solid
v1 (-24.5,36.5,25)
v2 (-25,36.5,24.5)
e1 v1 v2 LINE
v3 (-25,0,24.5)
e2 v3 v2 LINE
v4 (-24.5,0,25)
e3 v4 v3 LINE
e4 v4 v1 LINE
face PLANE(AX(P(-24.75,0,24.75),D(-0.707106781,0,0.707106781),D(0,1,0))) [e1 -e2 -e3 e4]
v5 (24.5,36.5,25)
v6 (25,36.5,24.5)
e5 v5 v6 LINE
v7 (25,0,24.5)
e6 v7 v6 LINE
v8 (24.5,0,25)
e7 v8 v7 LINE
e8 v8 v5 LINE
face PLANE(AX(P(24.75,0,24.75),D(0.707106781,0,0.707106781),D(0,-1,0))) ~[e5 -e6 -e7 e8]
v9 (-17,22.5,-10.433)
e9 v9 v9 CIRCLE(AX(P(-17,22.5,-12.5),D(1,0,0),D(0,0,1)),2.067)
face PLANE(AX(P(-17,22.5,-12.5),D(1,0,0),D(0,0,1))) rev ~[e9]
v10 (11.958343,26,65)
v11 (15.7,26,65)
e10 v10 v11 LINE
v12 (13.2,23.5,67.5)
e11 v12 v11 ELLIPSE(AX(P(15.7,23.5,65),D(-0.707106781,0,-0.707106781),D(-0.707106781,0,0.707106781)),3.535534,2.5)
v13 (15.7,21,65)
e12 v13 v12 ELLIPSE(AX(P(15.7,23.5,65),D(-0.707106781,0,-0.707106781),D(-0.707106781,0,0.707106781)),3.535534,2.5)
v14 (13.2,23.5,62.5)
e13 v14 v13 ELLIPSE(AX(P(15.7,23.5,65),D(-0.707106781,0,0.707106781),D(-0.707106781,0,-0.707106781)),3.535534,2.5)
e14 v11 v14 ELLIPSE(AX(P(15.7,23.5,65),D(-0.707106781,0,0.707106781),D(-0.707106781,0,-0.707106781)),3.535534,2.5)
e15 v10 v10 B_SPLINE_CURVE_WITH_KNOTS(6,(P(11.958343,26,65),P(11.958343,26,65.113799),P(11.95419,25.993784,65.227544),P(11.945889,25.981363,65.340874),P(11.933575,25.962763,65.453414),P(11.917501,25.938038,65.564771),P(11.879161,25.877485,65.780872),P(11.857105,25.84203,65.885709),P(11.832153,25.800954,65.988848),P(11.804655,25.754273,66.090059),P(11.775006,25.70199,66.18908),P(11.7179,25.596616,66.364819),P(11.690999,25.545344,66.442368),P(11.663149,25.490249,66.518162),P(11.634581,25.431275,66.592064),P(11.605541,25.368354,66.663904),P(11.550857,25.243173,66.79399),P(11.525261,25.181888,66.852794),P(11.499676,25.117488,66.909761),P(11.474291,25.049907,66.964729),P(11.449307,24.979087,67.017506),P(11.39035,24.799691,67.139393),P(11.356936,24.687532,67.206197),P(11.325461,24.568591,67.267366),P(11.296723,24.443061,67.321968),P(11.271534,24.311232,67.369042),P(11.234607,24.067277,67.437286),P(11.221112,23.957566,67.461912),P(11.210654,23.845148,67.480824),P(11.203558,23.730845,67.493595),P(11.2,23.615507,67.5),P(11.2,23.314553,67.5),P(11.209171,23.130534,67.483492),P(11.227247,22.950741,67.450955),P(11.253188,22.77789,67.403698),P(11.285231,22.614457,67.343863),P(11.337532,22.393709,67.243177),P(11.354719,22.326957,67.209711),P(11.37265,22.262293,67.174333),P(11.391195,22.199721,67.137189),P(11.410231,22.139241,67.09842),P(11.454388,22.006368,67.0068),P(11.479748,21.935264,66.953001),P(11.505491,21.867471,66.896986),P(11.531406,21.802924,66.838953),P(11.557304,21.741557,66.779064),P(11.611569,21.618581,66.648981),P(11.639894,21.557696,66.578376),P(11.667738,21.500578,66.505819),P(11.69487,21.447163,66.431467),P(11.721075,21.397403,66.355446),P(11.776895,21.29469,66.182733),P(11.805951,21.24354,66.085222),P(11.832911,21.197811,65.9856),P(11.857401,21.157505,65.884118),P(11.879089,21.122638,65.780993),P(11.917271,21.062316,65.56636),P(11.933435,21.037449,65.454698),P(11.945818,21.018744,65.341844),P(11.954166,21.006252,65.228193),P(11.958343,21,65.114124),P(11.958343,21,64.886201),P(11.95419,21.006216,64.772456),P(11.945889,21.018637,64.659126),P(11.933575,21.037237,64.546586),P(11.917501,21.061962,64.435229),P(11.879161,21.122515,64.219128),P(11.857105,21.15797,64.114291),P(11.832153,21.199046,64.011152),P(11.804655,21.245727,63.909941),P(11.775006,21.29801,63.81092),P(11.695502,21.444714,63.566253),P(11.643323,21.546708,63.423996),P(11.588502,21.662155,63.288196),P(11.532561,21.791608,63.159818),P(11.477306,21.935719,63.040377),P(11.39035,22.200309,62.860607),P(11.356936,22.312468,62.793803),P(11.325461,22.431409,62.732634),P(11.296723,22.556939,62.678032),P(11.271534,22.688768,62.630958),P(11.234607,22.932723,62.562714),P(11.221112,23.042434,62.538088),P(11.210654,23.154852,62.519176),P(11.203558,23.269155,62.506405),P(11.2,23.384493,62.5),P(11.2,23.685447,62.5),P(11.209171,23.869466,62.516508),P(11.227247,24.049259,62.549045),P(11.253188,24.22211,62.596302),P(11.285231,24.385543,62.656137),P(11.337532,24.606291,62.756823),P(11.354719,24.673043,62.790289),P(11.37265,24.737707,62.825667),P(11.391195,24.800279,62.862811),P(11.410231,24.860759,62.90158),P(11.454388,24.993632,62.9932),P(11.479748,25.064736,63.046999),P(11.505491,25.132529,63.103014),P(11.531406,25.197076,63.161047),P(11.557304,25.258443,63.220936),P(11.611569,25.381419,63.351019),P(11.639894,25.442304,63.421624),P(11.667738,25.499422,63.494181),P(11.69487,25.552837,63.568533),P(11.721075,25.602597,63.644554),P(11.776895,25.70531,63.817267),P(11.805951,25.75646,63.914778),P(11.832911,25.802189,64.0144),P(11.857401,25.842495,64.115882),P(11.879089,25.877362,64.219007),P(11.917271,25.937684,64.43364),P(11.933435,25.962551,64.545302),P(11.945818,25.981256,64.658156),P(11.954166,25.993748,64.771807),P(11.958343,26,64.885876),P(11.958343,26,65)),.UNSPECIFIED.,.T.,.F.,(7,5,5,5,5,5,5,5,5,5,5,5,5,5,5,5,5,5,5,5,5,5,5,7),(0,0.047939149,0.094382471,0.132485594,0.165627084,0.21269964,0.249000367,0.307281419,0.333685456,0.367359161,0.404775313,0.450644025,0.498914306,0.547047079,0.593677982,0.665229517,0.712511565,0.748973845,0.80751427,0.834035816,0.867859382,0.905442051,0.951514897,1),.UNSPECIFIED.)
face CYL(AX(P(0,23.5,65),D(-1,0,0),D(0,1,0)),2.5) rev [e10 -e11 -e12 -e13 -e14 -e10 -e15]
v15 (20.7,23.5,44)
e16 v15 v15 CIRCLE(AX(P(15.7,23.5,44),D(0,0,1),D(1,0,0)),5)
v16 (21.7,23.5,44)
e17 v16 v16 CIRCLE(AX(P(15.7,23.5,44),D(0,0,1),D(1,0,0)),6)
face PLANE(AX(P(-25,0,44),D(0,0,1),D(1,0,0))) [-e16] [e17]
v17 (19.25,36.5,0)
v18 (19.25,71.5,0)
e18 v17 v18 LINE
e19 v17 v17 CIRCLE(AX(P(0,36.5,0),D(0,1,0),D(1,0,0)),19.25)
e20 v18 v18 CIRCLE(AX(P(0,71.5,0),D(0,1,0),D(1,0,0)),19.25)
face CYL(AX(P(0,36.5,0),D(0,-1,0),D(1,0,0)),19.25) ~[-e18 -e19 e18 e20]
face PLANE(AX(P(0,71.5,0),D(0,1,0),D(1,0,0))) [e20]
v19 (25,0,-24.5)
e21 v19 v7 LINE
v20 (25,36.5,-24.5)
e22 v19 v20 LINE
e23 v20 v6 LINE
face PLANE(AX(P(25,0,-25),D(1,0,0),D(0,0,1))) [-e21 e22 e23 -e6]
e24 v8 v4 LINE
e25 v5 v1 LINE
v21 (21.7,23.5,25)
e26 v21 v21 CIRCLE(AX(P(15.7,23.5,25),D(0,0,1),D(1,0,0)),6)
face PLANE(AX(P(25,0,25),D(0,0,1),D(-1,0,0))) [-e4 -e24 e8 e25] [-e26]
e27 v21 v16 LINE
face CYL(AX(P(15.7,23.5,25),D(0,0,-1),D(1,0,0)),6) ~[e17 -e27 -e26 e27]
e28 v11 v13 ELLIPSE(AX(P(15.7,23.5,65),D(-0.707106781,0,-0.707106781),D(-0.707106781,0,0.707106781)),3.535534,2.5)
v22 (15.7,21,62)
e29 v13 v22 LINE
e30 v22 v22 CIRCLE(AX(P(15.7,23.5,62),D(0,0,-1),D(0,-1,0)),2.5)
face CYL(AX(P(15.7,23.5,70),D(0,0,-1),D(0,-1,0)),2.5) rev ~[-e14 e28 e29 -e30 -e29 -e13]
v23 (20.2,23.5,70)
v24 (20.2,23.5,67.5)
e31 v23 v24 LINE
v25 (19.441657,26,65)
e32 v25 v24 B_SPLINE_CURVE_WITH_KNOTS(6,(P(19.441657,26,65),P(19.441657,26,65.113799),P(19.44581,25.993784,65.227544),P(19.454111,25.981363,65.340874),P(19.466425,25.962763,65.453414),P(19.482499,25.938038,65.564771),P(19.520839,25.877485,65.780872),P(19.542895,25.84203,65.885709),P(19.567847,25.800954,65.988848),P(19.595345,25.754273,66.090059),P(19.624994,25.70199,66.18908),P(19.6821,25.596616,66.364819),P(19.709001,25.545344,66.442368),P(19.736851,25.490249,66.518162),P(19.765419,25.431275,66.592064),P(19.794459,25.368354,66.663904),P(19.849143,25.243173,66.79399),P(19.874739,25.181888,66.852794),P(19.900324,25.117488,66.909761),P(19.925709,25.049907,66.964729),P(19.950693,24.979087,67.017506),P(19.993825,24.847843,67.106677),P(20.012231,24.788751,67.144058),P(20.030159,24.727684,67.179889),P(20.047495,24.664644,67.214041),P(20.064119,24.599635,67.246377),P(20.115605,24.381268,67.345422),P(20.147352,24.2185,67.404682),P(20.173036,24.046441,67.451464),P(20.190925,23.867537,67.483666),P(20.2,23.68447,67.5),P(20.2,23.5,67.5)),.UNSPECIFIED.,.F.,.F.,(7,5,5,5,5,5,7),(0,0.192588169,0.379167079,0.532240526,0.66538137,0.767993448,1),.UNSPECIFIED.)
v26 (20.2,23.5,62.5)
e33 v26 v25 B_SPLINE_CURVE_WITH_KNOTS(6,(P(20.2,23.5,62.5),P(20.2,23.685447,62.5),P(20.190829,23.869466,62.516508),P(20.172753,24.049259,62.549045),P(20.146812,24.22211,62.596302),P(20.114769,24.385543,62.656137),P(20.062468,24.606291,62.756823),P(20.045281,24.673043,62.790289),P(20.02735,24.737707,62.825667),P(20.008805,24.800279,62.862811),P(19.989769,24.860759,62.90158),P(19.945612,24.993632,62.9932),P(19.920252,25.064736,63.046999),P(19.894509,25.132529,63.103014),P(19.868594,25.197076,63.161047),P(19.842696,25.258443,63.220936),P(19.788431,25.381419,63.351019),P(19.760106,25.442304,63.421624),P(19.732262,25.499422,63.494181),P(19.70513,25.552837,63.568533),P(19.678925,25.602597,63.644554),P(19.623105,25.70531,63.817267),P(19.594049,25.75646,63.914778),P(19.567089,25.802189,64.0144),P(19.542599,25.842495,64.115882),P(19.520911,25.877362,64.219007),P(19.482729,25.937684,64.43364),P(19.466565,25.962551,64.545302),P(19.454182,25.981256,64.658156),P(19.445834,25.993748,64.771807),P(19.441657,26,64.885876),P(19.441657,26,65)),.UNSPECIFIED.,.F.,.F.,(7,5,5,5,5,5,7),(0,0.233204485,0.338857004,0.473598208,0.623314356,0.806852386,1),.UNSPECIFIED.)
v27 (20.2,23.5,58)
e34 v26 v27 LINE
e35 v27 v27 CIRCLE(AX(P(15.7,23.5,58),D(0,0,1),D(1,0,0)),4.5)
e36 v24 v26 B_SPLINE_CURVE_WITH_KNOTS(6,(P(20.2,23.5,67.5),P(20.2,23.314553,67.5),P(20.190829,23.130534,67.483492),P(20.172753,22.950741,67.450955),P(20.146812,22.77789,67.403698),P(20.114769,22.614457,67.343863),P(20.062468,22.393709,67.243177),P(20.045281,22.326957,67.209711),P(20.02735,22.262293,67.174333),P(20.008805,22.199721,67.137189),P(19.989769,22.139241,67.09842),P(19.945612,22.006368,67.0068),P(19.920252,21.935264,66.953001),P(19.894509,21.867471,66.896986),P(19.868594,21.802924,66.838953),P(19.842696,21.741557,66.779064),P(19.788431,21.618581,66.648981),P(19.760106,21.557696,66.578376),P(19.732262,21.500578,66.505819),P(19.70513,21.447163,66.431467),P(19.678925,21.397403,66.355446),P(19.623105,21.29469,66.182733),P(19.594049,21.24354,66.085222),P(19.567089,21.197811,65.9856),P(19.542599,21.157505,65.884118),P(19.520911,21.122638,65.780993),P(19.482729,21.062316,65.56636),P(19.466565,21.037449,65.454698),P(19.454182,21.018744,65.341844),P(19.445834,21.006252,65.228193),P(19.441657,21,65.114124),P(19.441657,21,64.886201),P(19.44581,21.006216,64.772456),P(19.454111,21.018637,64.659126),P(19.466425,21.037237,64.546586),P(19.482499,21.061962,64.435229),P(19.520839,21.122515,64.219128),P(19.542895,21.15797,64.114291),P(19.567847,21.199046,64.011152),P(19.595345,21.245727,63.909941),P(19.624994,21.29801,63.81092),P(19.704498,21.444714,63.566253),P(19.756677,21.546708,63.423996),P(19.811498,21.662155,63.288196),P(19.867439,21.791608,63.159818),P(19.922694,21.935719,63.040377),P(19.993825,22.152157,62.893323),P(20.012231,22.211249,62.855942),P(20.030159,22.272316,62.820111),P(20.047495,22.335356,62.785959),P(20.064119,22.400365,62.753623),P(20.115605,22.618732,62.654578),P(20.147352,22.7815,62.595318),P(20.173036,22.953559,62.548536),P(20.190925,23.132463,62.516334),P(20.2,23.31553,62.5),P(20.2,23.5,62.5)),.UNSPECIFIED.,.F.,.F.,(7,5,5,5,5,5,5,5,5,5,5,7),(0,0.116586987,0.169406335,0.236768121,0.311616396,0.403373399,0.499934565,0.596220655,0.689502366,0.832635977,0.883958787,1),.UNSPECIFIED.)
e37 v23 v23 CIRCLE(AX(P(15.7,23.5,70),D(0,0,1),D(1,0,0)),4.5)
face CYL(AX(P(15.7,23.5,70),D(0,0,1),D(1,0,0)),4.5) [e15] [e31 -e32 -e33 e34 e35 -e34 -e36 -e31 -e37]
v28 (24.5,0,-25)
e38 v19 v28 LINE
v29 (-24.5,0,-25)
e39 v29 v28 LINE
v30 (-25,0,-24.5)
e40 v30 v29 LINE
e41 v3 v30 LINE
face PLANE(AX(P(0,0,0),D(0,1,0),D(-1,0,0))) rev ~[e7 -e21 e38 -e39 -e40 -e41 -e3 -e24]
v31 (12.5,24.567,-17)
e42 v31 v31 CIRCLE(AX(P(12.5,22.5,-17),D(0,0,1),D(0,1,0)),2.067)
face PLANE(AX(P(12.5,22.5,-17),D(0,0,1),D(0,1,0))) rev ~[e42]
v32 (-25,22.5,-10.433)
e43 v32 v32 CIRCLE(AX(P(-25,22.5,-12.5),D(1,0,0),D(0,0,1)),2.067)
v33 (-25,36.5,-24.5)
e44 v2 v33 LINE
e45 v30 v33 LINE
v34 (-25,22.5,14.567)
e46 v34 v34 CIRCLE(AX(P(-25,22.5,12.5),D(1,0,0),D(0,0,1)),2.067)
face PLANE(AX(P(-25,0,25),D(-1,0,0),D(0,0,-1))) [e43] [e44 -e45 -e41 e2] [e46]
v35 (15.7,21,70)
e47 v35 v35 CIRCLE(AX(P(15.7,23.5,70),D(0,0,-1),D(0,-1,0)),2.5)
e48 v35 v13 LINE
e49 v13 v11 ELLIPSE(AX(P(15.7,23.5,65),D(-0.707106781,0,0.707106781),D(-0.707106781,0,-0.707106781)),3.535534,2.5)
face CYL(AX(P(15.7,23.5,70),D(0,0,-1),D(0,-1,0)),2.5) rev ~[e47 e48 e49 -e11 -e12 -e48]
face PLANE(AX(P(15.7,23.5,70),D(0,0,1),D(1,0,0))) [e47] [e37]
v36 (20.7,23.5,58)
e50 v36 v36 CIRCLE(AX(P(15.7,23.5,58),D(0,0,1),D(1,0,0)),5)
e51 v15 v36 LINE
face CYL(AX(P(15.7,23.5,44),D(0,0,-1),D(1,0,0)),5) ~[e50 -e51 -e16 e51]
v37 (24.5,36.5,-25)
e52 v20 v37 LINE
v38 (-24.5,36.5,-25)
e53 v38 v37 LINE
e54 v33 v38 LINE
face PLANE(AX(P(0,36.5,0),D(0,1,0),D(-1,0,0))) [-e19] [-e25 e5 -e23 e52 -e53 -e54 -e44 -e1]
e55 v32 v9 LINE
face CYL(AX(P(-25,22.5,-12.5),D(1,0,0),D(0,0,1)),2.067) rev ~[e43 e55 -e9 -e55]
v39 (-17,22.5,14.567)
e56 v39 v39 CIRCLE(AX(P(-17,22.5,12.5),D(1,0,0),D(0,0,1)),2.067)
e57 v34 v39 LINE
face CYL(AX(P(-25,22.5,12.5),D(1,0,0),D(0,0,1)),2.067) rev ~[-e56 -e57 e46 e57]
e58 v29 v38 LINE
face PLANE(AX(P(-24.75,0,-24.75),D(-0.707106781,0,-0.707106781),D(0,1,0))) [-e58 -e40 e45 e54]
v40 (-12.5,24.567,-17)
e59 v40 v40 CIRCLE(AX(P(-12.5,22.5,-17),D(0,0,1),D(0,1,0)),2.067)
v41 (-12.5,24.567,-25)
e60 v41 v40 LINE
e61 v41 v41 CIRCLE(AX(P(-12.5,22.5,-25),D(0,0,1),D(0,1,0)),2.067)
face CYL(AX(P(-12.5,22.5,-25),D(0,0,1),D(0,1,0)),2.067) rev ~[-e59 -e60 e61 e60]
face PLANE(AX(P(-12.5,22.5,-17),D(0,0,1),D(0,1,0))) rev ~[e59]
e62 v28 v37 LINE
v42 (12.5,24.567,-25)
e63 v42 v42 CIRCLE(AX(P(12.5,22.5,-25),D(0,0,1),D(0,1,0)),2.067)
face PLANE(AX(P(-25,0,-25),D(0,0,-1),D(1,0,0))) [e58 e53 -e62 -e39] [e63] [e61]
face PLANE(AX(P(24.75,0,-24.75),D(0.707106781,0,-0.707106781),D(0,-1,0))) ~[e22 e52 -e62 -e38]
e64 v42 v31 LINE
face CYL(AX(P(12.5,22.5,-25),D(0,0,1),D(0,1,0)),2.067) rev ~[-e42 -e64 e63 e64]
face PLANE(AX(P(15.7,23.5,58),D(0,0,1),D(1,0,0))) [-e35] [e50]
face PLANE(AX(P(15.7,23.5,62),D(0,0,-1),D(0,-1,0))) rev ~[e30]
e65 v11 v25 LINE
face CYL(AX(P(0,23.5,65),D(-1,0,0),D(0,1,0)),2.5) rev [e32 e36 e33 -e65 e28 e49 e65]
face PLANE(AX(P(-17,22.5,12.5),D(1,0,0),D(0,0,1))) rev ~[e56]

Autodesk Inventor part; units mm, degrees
ref_plane "YZ Plane" through (0, 0, 0) normal (1, 0, 0) x (0, 1, 0)
ref_plane "XZ Plane" through (0, 0, 0) normal (0, 1, 0) x (-1, 0, 0)
ref_plane "XY Plane" through (0, 0, 0) normal (0, 0, 1) x (1, 0, 0)
sketch "Sketch1" plane through (0, 0, 0) normal (0, 1, 0) x (-1, 0, 0)
  line L0 (-25, 25) -> (25, 25)
  line L1 (25, 25) -> (25, -25)
  line L2 (25, -25) -> (-25, -25)
  line L3 (-25, -25) -> (-25, 25)
  line L4 (-25, 25) -> (25, -25) construction
  line L5 (25, 25) -> (-25, -25) construction
  point P0 (0, 0)
  dimension "d0" = 50
  dimension "d1" = 50
extrude "Extrusion1" add sketch "Sketch1" along normal blind 36.5
sketch "Sketch2" plane through (-25, 0, 25) normal (0, 0, 1) x (1, 0, 0)
  line L0 (0, 0) -> (50, 0) projected
  line L1 (50, 0) -> (50, 36.5) projected
  line L2 (0, 36.5) -> (50, 36.5) projected
  line L3 (0, 0) -> (0, 36.5) projected
  circle A0 centre (40.7, 23.5) radius 6
  line L4 (25, 0) -> (25, 36.5) construction
  dimension "d4" = 15.7
  dimension "d5" = 13
  dimension "d6" = 12
extrude "Extrusion2" add sketch "Sketch2" along normal blind 19 contours A0
sketch "Sketch3" plane through (15.7, 23.5, 44) normal (0, 0, 1) x (1, 0, 0)
  circle A0 centre (0, 0) radius 6 projected
  circle A1 centre (0, 0) radius 5
  point P0 (-15.7, -23.5)
  dimension "d9" = 10
extrude "Extrusion3" add sketch "Sketch3" along normal blind 26 contours A1
sketch "Sketch4" plane through (0, 36.5, 0) normal (0, 1, 0) x (1, 0, 0)
  circle A0 centre (0, 0) radius 19.25
  dimension "d12" = 38.5
extrude "Extrusion4" add sketch "Sketch4" along normal blind 35
sketch "Sketch5" plane through (15.7, 23.5, 70) normal (0, 0, 1) x (1, 0, 0)
  circle A0 centre (0, 0) radius 5 projected
  circle A1 centre (0, 0) radius 4.5
  point P0 (-15.7, -23.5)
  dimension "d15" = 9
extrude "Extrusion5" cut sketch "Sketch5" against normal blind 12
sketch "Sketch6" plane through (0, 0, 0) normal (1, 0, 0) x (0, 1, 0)
  line L0 (28, 58) -> (19, 58) projected
  line L1 (28, 70) -> (19, 70) projected
  circle A0 centre (23.5, 65) radius 2.5
  point P0 (0, 0)
  point P1 (23.5, 70)
  dimension "d18" = 5
  dimension "d19" = 5
extrude "Extrusion6" cut sketch "Sketch6" along normal through all
sketch "Sketch7" plane through (25, 0, -25) normal (0, 0, -1) x (-1, 0, 0)
  line L0 (0, 0) -> (50, 0) projected
  line L1 (50, 0) -> (50, 36.5) projected
  line L2 (0, 36.5) -> (50, 36.5) projected
  line L3 (0, 0) -> (0, 36.5) projected
  line L4 (12.5, 22.5) -> (37.5, 22.5) construction
  point P0 (25, 0)
  point P1 (25, 22.5)
  point P2 (25, 0)
  dimension "d22" = 25
  dimension "d23" = 22.5
sketch "Sketch8" plane through (15.7, 23.5, 70) normal (0, 0, 1) x (1, 0, 0)
  circle A0 centre (0, 0) radius 4.5 projected
  point P0 (-15.7, -23.5)
hole "Hole1" at (15.7, 23.5, 70) direction (0, 0, -1) diameter 5 depth 8
hole "Hole2" at (12.5, 22.5, -25) at (-12.5, 22.5, -25) direction (0, 0, 1) diameter 4.134 depth 8 thread size "M5x0.8" class "6H" standard "ISO Metric profile"
sketch "Sketch9" plane through (-25, 0, -25) normal (-1, 0, 0) x (0, 0, 1)
  line L0 (0, 0) -> (50, 0) projected
  line L1 (50, 0) -> (50, 36.5) projected
  line L2 (0, 36.5) -> (50, 36.5) projected
  line L3 (0, 0) -> (0, 36.5) projected
  line L4 (12.5, 22.5) -> (37.5, 22.5) construction
  point P0 (25, 0)
  point P1 (25, 22.5)
  point P2 (25, 0)
  dimension "d38" = 25
  dimension "d39" = 22.5
hole "Hole3" at (-25, 22.5, -12.5) at (-25, 22.5, 12.5) direction (1, 0, 0) diameter 4.134 depth 8 thread size "M5x0.8" class "6H" standard "ISO Metric profile"
chamfer "Chamfer1" distance 0.5 angle 45 4 edges at (25, 18.25, 25) (-25, 18.25, 25) (25, 18.25, -25) (-25, 18.25, -25)
properties part number "RE38S-600Z-1M" material "ABS Plastic"
